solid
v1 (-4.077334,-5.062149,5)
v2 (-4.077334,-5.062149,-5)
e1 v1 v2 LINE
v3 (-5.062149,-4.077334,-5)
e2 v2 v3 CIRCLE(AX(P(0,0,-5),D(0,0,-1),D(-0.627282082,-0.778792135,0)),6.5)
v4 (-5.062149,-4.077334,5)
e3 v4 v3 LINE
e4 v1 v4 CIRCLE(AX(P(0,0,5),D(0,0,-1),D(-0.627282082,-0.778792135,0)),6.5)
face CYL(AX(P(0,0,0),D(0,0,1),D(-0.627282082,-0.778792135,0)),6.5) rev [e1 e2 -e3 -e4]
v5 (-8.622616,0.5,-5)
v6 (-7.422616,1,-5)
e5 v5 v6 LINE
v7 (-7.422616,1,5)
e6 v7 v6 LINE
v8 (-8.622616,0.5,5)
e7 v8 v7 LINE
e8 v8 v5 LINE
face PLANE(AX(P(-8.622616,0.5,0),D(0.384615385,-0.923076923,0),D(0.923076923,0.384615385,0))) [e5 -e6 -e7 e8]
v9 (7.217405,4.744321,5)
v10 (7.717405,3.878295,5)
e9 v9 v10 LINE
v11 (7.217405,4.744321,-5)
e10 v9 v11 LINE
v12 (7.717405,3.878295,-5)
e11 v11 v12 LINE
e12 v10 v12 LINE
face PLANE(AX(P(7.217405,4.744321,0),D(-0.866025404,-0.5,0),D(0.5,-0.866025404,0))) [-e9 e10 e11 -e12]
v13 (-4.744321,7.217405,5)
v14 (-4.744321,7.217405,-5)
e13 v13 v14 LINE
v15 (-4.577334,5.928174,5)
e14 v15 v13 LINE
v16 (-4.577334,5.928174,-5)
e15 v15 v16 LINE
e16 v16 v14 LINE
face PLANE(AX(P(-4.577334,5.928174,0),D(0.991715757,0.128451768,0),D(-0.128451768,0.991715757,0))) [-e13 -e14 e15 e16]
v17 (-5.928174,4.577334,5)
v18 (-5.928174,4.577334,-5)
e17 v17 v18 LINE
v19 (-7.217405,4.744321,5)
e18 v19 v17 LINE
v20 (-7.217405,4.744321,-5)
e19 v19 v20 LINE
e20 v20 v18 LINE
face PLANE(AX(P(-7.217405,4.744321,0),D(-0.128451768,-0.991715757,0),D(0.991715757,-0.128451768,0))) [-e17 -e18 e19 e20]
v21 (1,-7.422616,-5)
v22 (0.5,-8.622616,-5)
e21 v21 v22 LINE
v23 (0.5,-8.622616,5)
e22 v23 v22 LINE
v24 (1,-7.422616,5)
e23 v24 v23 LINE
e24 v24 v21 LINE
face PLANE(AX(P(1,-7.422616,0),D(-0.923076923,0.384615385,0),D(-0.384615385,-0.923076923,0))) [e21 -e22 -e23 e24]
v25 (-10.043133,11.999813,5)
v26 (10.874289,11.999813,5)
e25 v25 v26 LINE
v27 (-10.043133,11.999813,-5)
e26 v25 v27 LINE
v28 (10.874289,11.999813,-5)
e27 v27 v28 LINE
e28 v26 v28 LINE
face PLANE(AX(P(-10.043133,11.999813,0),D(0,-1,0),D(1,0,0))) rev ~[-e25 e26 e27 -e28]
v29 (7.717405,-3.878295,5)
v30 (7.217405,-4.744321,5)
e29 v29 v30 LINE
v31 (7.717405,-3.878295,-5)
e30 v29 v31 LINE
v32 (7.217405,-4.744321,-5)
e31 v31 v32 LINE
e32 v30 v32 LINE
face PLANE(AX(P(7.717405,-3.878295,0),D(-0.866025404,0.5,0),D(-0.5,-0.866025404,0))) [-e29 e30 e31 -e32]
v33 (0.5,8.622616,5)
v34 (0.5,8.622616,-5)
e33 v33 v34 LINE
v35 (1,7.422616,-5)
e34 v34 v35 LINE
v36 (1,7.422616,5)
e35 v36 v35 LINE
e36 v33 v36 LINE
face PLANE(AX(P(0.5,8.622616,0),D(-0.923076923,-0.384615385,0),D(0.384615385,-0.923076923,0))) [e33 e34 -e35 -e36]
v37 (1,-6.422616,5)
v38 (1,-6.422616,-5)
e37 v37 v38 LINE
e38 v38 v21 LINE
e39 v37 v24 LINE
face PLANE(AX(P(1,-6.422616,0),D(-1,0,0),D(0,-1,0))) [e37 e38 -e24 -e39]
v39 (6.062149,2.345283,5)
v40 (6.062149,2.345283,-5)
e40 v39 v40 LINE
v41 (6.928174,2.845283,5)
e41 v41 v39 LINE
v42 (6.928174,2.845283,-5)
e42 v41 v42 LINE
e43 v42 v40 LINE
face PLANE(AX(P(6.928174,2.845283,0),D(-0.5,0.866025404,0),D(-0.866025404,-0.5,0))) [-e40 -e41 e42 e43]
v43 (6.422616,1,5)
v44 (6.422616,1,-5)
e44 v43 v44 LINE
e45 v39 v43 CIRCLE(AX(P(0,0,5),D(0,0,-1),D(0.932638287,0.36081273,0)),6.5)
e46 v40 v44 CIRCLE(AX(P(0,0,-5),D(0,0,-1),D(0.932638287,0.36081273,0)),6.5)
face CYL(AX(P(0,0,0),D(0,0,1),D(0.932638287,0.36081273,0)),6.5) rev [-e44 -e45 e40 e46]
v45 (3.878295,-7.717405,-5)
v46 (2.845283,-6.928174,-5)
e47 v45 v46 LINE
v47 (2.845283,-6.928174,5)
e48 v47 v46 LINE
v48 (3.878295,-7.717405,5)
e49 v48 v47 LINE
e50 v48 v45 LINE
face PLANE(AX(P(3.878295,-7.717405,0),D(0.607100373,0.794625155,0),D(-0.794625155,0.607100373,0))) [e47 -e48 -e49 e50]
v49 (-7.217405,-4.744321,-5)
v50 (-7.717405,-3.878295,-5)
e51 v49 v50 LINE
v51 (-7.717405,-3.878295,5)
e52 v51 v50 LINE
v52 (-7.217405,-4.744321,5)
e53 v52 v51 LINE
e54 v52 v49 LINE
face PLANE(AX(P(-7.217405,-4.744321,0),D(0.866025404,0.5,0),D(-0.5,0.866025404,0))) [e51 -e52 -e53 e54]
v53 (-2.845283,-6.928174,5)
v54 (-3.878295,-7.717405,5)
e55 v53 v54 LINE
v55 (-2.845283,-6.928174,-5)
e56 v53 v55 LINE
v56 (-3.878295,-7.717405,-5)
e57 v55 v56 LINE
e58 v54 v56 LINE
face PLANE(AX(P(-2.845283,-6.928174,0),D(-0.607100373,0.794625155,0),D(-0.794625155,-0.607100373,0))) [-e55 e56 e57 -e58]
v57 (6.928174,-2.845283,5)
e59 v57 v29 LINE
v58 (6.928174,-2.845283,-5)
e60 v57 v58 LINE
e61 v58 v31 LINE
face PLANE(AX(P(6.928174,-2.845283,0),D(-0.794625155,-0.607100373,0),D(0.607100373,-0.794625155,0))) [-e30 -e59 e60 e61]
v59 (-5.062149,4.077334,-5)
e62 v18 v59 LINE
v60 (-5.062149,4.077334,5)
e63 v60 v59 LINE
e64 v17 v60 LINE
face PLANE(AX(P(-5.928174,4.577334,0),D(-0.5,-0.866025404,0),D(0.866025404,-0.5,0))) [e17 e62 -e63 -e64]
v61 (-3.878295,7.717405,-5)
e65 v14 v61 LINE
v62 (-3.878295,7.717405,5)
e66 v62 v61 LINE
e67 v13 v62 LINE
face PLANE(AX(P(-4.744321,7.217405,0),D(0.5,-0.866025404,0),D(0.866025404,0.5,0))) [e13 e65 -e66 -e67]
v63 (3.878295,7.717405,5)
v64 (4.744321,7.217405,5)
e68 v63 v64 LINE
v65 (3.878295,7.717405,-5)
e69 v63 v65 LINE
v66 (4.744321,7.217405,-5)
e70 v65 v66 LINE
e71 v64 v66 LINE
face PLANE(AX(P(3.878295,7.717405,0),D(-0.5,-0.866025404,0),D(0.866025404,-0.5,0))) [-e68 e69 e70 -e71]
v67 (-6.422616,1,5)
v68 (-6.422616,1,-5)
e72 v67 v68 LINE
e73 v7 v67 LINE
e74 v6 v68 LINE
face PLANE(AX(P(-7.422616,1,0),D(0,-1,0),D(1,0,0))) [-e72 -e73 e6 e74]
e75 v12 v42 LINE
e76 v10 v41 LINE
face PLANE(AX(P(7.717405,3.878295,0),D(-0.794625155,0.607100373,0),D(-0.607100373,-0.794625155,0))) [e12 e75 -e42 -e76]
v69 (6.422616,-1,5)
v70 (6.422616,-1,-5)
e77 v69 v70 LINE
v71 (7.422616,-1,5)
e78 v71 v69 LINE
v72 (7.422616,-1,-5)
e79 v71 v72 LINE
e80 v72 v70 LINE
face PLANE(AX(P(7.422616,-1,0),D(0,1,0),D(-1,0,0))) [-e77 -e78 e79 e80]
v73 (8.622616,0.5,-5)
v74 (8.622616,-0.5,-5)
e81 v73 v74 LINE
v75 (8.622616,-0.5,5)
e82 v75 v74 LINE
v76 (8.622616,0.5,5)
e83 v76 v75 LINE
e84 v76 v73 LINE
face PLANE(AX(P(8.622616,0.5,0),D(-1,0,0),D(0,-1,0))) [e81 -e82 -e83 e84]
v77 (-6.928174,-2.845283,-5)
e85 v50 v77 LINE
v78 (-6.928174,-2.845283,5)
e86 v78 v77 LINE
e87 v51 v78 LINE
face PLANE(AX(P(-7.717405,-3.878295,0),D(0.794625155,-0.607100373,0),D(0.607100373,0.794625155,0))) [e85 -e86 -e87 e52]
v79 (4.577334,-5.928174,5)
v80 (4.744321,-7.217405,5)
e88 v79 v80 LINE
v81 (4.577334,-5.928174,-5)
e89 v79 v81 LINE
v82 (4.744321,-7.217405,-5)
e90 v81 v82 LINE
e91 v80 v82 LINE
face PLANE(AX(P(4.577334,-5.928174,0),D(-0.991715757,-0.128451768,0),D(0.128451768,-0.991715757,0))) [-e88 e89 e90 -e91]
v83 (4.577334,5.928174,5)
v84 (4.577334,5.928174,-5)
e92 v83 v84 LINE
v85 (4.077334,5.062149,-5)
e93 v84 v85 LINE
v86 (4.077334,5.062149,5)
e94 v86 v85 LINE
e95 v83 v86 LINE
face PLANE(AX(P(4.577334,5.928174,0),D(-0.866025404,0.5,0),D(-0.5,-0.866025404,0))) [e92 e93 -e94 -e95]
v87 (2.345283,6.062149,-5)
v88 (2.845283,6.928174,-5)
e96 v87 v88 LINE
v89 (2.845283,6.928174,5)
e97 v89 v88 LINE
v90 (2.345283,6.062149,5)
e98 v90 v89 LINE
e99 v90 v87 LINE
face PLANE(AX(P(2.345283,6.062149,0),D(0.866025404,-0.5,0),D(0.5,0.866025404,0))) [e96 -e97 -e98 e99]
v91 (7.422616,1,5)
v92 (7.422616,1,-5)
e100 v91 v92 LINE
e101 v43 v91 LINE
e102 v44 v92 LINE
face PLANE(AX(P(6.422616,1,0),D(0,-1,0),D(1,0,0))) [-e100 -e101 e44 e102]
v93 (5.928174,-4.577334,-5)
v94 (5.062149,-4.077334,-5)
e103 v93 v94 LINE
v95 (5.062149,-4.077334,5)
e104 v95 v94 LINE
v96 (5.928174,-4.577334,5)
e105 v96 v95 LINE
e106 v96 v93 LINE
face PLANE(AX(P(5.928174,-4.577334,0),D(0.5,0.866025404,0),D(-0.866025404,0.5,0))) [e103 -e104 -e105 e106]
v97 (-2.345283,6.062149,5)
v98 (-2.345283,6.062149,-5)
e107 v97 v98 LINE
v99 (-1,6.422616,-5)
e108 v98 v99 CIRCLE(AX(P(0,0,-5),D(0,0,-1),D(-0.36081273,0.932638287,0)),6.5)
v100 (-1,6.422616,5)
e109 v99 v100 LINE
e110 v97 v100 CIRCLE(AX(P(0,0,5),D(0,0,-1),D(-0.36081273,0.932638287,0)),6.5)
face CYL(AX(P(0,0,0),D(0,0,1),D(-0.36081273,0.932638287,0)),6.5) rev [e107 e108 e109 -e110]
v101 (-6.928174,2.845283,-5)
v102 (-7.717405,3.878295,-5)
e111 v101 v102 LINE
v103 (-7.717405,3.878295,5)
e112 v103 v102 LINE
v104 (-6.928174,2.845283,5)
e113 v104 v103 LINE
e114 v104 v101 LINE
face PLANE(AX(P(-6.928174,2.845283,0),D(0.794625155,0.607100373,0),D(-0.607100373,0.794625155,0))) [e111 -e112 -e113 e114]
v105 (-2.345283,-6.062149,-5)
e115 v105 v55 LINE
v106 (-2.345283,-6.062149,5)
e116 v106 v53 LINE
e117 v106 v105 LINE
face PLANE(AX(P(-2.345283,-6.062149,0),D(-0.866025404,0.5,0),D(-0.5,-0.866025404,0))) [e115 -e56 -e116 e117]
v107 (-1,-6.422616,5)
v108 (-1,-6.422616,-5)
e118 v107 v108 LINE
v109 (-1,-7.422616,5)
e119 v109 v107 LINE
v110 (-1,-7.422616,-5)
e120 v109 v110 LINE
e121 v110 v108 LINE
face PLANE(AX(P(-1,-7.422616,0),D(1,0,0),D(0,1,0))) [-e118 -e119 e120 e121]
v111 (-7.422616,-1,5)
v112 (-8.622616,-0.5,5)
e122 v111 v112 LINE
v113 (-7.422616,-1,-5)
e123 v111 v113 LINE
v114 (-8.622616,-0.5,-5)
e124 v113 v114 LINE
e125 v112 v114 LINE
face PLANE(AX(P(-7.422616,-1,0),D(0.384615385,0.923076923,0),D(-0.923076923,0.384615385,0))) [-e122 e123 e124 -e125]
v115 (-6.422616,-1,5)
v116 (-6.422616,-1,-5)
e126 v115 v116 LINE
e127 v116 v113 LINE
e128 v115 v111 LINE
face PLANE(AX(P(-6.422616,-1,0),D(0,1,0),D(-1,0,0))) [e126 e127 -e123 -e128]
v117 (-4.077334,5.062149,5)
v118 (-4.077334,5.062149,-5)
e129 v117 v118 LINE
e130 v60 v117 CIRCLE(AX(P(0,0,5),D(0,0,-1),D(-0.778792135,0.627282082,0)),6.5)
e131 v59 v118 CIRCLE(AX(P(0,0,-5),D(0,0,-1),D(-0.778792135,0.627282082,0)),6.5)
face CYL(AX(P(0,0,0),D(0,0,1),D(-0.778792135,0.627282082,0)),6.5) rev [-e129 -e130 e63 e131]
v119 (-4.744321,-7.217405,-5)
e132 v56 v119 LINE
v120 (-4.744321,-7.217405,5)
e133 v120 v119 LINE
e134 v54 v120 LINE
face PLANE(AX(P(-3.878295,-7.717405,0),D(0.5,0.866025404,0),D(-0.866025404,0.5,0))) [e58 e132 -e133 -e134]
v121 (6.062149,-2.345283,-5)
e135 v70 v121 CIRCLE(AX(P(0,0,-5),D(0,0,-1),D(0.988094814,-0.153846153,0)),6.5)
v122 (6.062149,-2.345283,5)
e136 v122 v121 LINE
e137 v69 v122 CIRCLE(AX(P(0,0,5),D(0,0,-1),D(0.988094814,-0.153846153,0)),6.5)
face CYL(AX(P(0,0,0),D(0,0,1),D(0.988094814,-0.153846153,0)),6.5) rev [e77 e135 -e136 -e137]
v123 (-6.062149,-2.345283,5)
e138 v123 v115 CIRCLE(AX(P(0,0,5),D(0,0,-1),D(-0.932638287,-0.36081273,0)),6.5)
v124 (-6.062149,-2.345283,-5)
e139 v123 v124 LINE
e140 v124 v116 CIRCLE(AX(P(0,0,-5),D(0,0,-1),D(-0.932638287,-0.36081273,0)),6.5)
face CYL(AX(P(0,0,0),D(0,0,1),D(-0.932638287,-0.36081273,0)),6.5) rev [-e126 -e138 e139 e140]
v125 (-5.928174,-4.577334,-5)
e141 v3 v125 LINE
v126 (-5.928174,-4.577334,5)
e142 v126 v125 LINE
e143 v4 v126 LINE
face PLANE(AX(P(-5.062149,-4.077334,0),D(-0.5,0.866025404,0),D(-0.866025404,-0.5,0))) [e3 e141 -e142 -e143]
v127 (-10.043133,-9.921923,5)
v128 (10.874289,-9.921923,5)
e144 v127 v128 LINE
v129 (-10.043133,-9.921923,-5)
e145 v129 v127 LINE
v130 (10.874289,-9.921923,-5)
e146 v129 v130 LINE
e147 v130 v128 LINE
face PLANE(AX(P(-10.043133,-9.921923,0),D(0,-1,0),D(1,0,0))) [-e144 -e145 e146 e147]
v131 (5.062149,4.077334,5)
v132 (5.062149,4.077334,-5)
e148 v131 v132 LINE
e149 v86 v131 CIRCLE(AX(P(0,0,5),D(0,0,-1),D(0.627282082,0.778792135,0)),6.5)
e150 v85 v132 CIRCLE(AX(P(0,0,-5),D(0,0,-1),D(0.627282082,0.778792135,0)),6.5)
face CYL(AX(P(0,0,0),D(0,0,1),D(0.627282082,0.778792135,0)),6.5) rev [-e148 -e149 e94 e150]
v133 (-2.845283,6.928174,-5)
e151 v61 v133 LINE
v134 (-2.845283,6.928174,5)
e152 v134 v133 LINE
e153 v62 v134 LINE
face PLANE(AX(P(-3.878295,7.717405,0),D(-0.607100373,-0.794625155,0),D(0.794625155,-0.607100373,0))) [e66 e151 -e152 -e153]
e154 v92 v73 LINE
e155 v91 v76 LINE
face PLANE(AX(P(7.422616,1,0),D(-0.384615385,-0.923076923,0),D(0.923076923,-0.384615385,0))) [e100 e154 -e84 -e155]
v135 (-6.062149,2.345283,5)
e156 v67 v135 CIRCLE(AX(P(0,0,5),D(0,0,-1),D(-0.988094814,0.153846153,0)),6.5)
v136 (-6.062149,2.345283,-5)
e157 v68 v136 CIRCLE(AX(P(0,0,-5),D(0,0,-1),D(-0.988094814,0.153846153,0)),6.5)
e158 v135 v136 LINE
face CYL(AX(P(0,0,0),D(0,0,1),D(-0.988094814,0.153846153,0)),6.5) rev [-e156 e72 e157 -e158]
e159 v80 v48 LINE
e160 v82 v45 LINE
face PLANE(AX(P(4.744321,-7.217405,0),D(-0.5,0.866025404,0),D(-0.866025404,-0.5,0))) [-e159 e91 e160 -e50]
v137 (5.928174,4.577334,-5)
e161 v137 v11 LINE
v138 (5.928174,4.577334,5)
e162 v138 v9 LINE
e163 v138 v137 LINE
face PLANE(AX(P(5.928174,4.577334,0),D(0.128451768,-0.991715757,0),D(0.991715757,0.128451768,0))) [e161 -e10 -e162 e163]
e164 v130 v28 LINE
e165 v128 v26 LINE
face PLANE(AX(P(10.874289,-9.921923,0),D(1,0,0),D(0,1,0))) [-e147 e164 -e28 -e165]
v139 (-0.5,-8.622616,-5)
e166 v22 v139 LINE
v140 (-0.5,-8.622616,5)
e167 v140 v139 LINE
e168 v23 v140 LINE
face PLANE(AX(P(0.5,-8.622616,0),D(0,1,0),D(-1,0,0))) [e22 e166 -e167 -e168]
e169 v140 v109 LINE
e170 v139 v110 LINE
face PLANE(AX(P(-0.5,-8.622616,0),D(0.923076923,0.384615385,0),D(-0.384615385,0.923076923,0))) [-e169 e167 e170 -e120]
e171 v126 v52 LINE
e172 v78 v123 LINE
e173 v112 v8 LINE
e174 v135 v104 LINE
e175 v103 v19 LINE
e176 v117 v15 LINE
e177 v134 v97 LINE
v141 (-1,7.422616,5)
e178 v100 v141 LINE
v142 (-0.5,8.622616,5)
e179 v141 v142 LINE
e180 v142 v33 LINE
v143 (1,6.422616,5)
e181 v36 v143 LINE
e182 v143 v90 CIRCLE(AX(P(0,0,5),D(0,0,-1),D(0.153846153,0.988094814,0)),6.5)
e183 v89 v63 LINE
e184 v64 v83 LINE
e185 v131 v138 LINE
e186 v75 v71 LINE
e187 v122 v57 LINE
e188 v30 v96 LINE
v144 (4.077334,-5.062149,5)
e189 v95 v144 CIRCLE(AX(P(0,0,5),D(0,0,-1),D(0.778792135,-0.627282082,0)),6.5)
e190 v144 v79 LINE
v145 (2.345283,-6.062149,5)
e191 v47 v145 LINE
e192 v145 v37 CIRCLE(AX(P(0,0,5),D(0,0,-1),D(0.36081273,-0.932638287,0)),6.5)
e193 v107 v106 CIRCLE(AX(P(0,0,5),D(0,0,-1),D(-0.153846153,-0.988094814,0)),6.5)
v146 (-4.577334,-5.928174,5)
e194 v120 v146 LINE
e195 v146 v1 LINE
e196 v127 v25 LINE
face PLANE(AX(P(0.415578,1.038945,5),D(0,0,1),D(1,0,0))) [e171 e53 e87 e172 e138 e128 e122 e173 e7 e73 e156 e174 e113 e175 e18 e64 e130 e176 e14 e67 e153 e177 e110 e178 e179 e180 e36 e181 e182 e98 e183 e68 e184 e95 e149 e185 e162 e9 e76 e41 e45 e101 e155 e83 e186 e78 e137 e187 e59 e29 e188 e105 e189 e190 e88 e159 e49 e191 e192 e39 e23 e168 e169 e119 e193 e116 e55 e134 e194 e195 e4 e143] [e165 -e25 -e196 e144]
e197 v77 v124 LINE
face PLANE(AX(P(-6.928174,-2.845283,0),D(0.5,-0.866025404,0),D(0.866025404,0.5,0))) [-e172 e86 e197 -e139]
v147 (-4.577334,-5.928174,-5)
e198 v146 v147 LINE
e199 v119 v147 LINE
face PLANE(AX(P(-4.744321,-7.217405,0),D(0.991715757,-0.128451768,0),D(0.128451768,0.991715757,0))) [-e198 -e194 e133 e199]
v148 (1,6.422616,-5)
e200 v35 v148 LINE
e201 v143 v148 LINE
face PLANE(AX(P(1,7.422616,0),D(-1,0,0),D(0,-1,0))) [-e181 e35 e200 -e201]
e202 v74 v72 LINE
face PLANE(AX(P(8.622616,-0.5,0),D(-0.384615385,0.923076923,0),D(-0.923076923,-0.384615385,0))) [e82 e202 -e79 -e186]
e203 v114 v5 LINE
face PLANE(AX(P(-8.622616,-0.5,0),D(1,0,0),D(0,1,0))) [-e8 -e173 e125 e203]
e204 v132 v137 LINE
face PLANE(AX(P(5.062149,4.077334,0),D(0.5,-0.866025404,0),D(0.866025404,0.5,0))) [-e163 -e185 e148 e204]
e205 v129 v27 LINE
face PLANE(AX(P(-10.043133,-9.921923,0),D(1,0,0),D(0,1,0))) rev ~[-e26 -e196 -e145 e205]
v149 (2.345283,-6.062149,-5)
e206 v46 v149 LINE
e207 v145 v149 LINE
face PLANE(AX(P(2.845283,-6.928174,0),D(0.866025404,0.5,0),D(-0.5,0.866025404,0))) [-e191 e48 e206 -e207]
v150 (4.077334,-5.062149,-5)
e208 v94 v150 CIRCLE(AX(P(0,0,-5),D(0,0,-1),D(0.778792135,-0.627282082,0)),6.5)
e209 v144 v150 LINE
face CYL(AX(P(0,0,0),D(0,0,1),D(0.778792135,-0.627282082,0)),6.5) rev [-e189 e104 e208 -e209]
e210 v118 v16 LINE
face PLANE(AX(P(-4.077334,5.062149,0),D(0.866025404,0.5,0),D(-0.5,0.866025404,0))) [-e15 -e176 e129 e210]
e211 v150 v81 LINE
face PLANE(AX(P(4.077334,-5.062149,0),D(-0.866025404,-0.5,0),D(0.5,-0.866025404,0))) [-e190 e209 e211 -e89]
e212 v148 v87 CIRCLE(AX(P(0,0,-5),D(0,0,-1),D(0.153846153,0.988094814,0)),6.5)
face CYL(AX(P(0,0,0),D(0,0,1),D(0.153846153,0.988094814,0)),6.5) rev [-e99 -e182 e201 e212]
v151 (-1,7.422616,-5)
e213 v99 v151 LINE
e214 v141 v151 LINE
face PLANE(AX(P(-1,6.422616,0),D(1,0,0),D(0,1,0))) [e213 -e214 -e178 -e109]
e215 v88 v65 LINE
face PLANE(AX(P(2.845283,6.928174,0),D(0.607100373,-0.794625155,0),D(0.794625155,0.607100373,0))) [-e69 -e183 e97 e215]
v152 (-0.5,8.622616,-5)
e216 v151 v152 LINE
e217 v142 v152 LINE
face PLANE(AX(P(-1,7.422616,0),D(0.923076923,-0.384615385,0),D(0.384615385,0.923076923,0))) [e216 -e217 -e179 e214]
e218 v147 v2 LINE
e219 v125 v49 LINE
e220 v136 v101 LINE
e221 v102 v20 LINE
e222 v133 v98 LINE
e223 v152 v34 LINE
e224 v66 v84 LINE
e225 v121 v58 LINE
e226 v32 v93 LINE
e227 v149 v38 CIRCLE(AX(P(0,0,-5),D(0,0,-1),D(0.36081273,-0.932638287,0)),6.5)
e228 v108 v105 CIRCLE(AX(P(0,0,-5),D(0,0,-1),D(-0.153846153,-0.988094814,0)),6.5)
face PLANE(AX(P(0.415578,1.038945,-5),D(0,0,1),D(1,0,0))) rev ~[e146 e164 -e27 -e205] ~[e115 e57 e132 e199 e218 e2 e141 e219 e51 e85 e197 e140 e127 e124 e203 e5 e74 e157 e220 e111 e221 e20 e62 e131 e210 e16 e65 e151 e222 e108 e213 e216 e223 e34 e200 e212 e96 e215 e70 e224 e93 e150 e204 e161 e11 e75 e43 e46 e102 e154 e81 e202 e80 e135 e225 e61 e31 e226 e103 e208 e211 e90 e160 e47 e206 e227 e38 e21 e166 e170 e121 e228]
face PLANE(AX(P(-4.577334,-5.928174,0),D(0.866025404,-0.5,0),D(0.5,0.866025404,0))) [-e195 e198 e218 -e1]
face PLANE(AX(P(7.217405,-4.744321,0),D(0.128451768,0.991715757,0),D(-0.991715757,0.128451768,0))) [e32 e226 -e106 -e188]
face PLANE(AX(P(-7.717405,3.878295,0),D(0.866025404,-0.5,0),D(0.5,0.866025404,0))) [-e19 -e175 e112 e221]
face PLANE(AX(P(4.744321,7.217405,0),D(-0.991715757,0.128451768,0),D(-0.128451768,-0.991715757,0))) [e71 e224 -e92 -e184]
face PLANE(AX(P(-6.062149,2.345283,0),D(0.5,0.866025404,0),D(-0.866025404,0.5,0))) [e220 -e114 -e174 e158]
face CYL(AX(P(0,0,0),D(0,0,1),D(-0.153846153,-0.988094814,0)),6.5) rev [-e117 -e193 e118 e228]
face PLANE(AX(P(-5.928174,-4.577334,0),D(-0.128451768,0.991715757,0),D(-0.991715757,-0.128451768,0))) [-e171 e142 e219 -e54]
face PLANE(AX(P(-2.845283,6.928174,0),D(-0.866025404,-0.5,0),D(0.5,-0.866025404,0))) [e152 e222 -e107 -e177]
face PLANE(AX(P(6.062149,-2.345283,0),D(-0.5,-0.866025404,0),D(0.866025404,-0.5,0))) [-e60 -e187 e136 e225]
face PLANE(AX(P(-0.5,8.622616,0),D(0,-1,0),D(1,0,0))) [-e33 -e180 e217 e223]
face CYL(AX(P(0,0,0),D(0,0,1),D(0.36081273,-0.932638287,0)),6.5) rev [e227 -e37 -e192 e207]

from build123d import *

# Parameters (mm, degrees)
SKETCH1_W           = 20.917422255
SKETCH1_H           = 21.921735574
BOSS_EXTRUDE1_DEPTH = 5


with BuildPart() as part:
    # Sketch1 → Boss-Extrude1 (new body, symmetric)
    with BuildSketch(Plane.XY):
        with Locations((0.415577926, 1.038944814)):
            Rectangle(SKETCH1_W, SKETCH1_H)
        with BuildLine():
            Line((-1, 6.422616289), (-1, 7.422616289))
            Line((-1, 7.422616289), (-0.5, 8.622616289))
            Line((-0.5, 8.622616289), (0.5, 8.622616289))
            Line((0.5, 8.622616289), (1, 7.422616289))
            Line((1, 7.422616289), (1, 6.422616289))
            ThreePointArc((1, 6.422616289), (1.682323793, 6.278517871), (2.345282741, 6.062148865))
            Line((2.345282741, 6.062148865), (2.845282741, 6.928174269))
            Line((2.845282741, 6.928174269), (3.878295443, 7.717404754))
            Line((3.878295443, 7.717404754), (4.744320847, 7.217404754))
            Line((4.744320847, 7.217404754), (4.577333548, 5.928174269))
            Line((4.577333548, 5.928174269), (4.077333548, 5.062148865))
            ThreePointArc((4.077333548, 5.062148865), (4.596194078, 4.596194078), (5.062148865, 4.077333548))
            Line((5.062148865, 4.077333548), (5.928174269, 4.577333548))
            Line((5.928174269, 4.577333548), (7.217404754, 4.744320847))
            Line((7.217404754, 4.744320847), (7.717404754, 3.878295443))
            Line((7.717404754, 3.878295443), (6.928174269, 2.845282741))
            Line((6.928174269, 2.845282741), (6.062148865, 2.345282741))
            ThreePointArc((6.062148865, 2.345282741), (6.278517871, 1.682323793), (6.422616289, 1))
            Line((6.422616289, 1), (7.422616289, 1))
            Line((7.422616289, 1), (8.622616289, 0.5))
            Line((8.622616289, 0.5), (8.622616289, -0.5))
            Line((8.622616289, -0.5), (7.422616289, -1))
            Line((7.422616289, -1), (6.422616289, -1))
            ThreePointArc((6.422616289, -1), (6.278517871, -1.682323793), (6.062148865, -2.345282741))
            Line((6.062148865, -2.345282741), (6.928174269, -2.845282741))
            Line((6.928174269, -2.845282741), (7.717404754, -3.878295443))
            Line((7.717404754, -3.878295443), (7.217404754, -4.744320847))
            Line((7.217404754, -4.744320847), (5.928174269, -4.577333548))
            Line((5.928174269, -4.577333548), (5.062148865, -4.077333548))
            ThreePointArc((5.062148865, -4.077333548), (4.596194078, -4.596194078), (4.077333548, -5.062148865))
            Line((4.077333548, -5.062148865), (4.577333548, -5.928174269))
            Line((4.577333548, -5.928174269), (4.744320847, -7.217404754))
            Line((4.744320847, -7.217404754), (3.878295443, -7.717404754))
            Line((3.878295443, -7.717404754), (2.845282741, -6.928174269))
            Line((2.845282741, -6.928174269), (2.345282741, -6.062148865))
            ThreePointArc((2.345282741, -6.062148865), (1.682323793, -6.278517871), (1, -6.422616289))
            Line((1, -6.422616289), (1, -7.422616289))
            Line((1, -7.422616289), (0.5, -8.622616289))
            Line((0.5, -8.622616289), (-0.5, -8.622616289))
            Line((-0.5, -8.622616289), (-1, -7.422616289))
            Line((-1, -7.422616289), (-1, -6.422616289))
            ThreePointArc((-1, -6.422616289), (-1.682323793, -6.278517871), (-2.345282741, -6.062148865))
            Line((-2.345282741, -6.062148865), (-2.845282741, -6.928174269))
            Line((-2.845282741, -6.928174269), (-3.878295443, -7.717404754))
            Line((-3.878295443, -7.717404754), (-4.744320847, -7.217404754))
            Line((-4.744320847, -7.217404754), (-4.577333548, -5.928174269))
            Line((-4.577333548, -5.928174269), (-4.077333548, -5.062148865))
            ThreePointArc((-4.077333548, -5.062148865), (-4.596194078, -4.596194078), (-5.062148865, -4.077333548))
            Line((-5.062148865, -4.077333548), (-5.928174269, -4.577333548))
            Line((-5.928174269, -4.577333548), (-7.217404754, -4.744320847))
            Line((-7.217404754, -4.744320847), (-7.717404754, -3.878295443))
            Line((-7.717404754, -3.878295443), (-6.928174269, -2.845282741))
            Line((-6.928174269, -2.845282741), (-6.062148865, -2.345282741))
            ThreePointArc((-6.062148865, -2.345282741), (-6.278517871, -1.682323793), (-6.422616289, -1))
            Line((-6.422616289, -1), (-7.422616289, -1))
            Line((-7.422616289, -1), (-8.622616289, -0.5))
            Line((-8.622616289, -0.5), (-8.622616289, 0.5))
            Line((-8.622616289, 0.5), (-7.422616289, 1))
            Line((-7.422616289, 1), (-6.422616289, 1))
            ThreePointArc((-6.422616289, 1), (-6.278517871, 1.682323793), (-6.062148865, 2.345282741))
            Line((-6.062148865, 2.345282741), (-6.928174269, 2.845282741))
            Line((-6.928174269, 2.845282741), (-7.717404754, 3.878295443))
            Line((-7.717404754, 3.878295443), (-7.217404754, 4.744320847))
            Line((-7.217404754, 4.744320847), (-5.928174269, 4.577333548))
            Line((-5.928174269, 4.577333548), (-5.062148865, 4.077333548))
            ThreePointArc((-5.062148865, 4.077333548), (-4.596194078, 4.596194078), (-4.077333548, 5.062148865))
            Line((-4.077333548, 5.062148865), (-4.577333548, 5.928174269))
            Line((-4.577333548, 5.928174269), (-4.744320847, 7.217404754))
            Line((-4.744320847, 7.217404754), (-3.878295443, 7.717404754))
            Line((-3.878295443, 7.717404754), (-2.845282741, 6.928174269))
            Line((-2.845282741, 6.928174269), (-2.345282741, 6.062148865))
            ThreePointArc((-2.345282741, 6.062148865), (-1.682323793, 6.278517871), (-1, 6.422616289))
        make_face(mode=Mode.SUBTRACT)
    extrude(amount=BOSS_EXTRUDE1_DEPTH, both=True)


solid = part.part
